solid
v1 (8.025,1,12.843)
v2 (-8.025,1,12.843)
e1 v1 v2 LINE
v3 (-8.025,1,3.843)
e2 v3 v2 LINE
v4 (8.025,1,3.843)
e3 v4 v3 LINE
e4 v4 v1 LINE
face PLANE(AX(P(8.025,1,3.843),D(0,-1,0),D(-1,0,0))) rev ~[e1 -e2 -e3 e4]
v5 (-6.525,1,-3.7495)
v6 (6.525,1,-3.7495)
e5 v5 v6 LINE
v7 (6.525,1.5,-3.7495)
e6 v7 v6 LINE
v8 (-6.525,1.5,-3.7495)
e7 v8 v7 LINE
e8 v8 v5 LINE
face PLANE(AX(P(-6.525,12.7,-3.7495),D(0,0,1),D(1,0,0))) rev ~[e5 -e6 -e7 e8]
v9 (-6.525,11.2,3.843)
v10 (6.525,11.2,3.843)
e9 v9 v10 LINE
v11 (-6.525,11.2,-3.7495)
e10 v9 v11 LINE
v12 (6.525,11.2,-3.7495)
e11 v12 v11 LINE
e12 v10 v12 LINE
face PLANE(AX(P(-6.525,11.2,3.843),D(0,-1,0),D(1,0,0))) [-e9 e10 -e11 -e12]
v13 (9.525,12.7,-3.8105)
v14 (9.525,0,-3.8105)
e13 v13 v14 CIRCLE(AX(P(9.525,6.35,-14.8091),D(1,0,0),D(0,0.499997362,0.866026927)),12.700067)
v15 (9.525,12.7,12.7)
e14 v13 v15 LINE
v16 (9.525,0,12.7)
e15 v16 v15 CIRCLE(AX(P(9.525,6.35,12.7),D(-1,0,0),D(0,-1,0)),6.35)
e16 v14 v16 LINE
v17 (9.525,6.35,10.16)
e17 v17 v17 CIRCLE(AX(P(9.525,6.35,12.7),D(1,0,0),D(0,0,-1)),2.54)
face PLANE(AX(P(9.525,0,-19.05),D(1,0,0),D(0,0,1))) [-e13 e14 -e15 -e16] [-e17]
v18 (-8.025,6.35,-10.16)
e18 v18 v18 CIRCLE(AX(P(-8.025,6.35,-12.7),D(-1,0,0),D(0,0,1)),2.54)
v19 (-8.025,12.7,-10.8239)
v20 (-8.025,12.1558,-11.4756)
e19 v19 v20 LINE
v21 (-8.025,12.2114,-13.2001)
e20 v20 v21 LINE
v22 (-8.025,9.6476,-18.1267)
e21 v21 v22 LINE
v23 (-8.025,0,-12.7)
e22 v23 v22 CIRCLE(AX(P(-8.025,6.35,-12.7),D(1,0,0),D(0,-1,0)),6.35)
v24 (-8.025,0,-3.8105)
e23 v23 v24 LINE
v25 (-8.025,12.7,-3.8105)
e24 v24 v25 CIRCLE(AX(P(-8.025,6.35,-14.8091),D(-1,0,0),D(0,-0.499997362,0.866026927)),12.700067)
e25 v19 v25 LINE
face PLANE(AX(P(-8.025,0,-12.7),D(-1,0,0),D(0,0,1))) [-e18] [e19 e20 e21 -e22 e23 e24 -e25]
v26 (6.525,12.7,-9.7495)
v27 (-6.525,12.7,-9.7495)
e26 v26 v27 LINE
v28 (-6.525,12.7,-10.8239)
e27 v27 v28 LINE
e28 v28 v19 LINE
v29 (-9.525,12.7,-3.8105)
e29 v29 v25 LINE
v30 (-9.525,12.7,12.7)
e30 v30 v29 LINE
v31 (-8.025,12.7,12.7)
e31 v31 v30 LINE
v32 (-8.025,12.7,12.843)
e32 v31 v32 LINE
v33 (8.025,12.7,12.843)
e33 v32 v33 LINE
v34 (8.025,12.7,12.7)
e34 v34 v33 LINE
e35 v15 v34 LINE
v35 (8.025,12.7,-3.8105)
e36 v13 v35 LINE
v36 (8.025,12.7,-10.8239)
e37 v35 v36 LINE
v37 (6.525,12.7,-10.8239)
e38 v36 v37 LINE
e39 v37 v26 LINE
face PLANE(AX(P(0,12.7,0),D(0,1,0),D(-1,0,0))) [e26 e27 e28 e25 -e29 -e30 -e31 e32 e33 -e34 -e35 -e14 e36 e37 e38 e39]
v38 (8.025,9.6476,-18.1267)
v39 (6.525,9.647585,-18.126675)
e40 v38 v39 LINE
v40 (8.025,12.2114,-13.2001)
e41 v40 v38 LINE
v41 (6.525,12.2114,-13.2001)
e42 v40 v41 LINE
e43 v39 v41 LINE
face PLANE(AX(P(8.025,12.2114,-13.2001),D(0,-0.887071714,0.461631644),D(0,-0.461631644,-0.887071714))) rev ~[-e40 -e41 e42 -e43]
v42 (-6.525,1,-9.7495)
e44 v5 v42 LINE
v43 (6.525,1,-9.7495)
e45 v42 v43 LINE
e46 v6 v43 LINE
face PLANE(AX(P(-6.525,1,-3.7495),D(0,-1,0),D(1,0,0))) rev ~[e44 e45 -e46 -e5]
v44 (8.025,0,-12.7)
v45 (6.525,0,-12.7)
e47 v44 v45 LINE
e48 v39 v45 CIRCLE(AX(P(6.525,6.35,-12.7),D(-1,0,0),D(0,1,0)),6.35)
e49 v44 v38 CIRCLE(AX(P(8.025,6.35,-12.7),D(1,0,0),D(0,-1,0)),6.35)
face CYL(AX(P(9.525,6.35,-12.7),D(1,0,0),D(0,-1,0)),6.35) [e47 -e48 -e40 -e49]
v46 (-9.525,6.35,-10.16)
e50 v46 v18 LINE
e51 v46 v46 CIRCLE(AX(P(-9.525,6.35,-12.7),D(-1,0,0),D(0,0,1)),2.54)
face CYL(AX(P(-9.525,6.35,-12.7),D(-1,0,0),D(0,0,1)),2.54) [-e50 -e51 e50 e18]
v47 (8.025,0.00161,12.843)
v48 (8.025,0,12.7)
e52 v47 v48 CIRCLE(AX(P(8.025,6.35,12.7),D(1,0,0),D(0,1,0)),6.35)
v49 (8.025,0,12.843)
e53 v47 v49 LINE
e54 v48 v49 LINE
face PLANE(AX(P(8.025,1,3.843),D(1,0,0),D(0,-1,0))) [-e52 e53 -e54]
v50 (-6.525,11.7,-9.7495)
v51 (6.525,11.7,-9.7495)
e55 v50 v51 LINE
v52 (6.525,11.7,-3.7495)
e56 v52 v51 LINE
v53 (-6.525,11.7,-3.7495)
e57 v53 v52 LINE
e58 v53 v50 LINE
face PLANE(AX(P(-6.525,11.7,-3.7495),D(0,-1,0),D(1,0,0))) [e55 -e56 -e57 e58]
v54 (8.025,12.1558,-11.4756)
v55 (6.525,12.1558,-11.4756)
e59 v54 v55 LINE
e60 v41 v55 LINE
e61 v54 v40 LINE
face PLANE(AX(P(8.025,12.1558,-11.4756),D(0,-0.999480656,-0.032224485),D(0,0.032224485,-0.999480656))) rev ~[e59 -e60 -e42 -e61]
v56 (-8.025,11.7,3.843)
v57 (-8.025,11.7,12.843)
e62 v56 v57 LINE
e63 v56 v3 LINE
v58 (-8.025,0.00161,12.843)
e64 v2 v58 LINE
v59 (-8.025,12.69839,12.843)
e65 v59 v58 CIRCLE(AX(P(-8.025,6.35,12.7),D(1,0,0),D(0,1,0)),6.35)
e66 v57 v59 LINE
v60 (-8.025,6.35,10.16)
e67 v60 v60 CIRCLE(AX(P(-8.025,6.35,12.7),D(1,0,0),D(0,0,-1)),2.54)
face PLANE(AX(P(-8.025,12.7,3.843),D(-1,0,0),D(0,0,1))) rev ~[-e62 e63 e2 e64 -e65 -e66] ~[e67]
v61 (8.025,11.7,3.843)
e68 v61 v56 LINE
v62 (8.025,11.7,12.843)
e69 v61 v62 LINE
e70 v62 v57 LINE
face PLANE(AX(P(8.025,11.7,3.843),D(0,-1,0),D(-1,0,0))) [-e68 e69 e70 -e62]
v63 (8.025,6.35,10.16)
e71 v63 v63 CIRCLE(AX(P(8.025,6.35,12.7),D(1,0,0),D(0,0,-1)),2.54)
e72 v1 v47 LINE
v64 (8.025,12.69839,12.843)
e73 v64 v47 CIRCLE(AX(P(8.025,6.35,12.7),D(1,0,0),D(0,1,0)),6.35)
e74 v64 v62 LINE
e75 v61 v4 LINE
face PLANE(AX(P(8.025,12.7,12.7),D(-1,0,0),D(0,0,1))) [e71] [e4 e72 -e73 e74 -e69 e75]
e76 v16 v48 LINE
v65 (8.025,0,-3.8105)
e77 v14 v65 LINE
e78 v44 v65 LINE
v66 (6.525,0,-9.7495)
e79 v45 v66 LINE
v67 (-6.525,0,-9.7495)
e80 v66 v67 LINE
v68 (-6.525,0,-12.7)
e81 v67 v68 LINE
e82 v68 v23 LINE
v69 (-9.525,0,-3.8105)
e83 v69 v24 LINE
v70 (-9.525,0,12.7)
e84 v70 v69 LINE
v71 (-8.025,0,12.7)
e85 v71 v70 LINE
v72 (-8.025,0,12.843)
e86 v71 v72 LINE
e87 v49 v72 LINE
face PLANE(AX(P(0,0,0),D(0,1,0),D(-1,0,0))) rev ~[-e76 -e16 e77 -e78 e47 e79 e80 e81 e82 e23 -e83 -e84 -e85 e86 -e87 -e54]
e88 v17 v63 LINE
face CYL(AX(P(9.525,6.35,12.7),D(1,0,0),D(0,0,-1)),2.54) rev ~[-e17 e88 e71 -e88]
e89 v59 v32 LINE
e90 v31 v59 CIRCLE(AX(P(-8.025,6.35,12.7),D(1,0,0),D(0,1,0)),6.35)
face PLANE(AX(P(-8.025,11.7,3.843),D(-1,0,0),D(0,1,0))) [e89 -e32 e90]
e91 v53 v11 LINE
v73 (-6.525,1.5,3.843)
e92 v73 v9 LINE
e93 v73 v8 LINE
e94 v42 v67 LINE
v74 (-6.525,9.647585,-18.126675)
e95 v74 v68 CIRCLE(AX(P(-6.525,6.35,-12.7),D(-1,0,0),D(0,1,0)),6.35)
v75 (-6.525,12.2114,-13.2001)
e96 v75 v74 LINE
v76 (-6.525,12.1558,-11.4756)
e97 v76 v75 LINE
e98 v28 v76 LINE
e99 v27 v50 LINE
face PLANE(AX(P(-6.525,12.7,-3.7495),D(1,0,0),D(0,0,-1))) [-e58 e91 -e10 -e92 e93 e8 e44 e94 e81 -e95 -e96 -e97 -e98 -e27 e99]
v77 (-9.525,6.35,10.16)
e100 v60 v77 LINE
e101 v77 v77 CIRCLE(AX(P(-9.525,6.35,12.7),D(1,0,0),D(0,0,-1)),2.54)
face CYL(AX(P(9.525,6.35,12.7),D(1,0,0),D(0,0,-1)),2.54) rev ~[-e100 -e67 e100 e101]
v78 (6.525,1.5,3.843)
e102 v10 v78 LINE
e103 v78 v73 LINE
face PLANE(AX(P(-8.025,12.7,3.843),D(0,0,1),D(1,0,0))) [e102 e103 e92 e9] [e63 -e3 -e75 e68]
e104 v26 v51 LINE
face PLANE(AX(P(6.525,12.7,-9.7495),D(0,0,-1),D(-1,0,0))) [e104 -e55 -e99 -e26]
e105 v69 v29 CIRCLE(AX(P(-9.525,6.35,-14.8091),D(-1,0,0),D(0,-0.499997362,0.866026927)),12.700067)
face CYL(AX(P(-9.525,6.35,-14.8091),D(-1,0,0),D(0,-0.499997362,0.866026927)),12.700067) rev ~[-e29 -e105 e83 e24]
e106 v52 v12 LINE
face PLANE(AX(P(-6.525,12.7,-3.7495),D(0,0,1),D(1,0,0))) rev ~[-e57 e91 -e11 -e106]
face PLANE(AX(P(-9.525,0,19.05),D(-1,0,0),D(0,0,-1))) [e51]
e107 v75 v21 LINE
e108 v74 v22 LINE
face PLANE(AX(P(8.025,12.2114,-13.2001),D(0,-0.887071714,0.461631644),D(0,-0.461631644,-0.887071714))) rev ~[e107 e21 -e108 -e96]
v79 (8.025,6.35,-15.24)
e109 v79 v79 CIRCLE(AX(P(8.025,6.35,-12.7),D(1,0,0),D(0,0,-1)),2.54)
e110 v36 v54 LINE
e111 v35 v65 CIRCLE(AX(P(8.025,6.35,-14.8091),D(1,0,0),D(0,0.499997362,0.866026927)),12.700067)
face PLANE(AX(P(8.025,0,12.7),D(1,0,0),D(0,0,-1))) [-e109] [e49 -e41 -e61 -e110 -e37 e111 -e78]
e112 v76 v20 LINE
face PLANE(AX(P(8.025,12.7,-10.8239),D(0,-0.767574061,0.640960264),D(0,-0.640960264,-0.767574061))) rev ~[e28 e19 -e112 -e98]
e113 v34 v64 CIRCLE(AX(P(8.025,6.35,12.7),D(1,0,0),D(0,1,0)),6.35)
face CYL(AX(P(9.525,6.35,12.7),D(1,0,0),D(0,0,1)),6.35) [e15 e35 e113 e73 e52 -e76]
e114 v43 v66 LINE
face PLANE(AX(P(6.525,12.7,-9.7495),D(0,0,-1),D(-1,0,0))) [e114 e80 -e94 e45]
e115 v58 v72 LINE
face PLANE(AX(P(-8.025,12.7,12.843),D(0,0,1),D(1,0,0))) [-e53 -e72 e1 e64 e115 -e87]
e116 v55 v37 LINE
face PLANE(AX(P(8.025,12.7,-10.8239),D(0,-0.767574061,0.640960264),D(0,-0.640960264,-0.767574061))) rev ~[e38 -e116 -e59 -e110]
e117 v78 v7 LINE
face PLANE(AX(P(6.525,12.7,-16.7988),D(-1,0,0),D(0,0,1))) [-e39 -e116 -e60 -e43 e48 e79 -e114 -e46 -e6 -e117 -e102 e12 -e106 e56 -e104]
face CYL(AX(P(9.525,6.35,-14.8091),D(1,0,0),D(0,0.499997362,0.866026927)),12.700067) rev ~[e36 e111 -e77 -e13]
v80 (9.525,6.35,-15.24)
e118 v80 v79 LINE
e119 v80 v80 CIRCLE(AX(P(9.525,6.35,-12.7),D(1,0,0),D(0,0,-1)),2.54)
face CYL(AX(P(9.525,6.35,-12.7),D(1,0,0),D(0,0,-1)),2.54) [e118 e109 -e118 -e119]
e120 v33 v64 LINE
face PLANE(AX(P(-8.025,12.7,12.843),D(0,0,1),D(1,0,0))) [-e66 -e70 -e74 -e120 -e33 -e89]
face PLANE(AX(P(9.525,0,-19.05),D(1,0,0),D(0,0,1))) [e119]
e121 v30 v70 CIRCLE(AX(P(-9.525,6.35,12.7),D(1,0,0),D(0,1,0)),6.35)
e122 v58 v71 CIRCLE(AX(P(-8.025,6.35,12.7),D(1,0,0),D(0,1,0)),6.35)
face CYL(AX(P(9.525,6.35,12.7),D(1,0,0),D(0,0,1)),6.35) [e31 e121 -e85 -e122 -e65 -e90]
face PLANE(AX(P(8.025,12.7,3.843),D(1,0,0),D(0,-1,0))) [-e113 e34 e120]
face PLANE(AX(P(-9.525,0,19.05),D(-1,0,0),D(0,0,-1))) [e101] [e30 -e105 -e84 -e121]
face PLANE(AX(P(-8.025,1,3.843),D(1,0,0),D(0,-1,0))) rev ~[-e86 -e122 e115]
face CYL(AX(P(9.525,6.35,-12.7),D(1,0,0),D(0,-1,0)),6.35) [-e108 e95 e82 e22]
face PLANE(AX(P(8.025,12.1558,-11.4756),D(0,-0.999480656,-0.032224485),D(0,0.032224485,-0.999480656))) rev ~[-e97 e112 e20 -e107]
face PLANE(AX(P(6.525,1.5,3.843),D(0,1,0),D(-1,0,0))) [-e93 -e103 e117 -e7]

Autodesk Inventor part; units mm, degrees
ref_plane "YZ Plane" through (0, 0, 0) normal (1, 0, 0) x (0, 1, 0)
ref_plane "XZ Plane" through (0, 0, 0) normal (0, 1, 0) x (-1, 0, 0)
ref_plane "XY Plane" through (0, 0, 0) normal (0, 0, 1) x (1, 0, 0)
sketch "Boceto1" plane through (0, 0, 0) normal (0, 1, 0) x (-1, 0, 0)
  line L0 (-9.525, 19.05) -> (9.525, 19.05)
  line L1 (9.525, 19.05) -> (9.525, -19.05)
  line L2 (9.525, -19.05) -> (-9.525, -19.05)
  line L3 (-9.525, -19.05) -> (-9.525, 19.05)
  line L4 (-9.525, 19.05) -> (9.525, -19.05) construction
  line L5 (9.525, 19.05) -> (-9.525, -19.05) construction
  point P0 (0, 0)
  dimension "d0" = 19.05
  dimension "d1" = 38.1
extrude "Extrusión1" add sketch "Boceto1" along normal blind 12.7
sketch "Boceto3" plane through (9.525, 0, 19.05) normal (1, 0, 0) x (0, 0, -1)
  line L0 (38.1, 0) -> (38.1, 12.7)
  line L1 (38.1, 6.35) -> (38.1, 6.35)
  line L2 (0, 6.35) -> (0, 6.35)
  arc A0 (6.35, 12.7) -> (0, 6.35) centre (6.35, 6.35) ccw
  arc A1 (0, 6.35) -> (6.35, 0) centre (6.35, 6.35) ccw
  arc A2 (38.1, 6.35) -> (31.75, 12.7) centre (31.75, 6.35) ccw
  arc A3 (31.75, 0) -> (38.1, 6.35) centre (31.75, 6.35) ccw
  line L3 (0, 0) -> (0, 12.7)
  line L4 (38.1, 0) -> (31.75, 0)
  line L5 (6.35, 0) -> (0, 0)
  line L6 (0, 12.7) -> (6.35, 12.7)
  line L7 (31.75, 12.7) -> (38.1, 12.7)
  point P0 (19.05, 0)
  point P1 (0, 6.35)
  dimension "d7" = 6.35
extrude "Extrusión3" cut sketch "Boceto3" against normal up to surface (19.05 mm away)
sketch "Boceto5" plane through (0, 12.7, 0) normal (0, 1, 0) x (1, 0, 0)
  line L0 (-9.525, 19.05) -> (-9.525, -19.05) projected
  line L1 (9.525, -12.7) -> (9.525, 12.7) projected
  line L2 (9.525, -19.05) -> (9.525, -12.7) projected
  line L3 (-8.025, -3.843) -> (-8.025, -19.05)
  line L4 (8.025, -3.843) -> (8.025, -12.7)
  line L5 (8.025, -12.7) -> (8.025, -19.05)
  line L6 (-8.025, -3.843) -> (8.025, -3.843)
  line L7 (-8.025, -19.05) -> (8.025, -19.05)
  line L8 (-9.525, -19.05) -> (9.525, -19.05) projected
  point P0 (0, 0)
  dimension "d11" = 1.5
  dimension "d12" = 1.5
extrude "Extrusión4" cut sketch "Boceto5" against normal up to surface (12.7 mm away)
sketch "Boceto6" plane through (9.525, 0, 12.7) normal (1, 0, 0) x (0, 0, -1)
  arc A0 (0, 12.7) -> (0, 0) centre (0, 6.35) ccw projected
  circle A1 centre (0, 6.35) radius 2.54
  point P0 (12.7, 0)
  dimension "d15" = 5.08
extrude "Extrusión5" cut sketch "Boceto6" against normal up to surface (19.05 mm away)
sketch "Boceto7" plane through (9.525, 0, 12.7) normal (1, 0, 0) x (0, 0, -1)
  line L0 (0, 12.7) -> (25.4, 12.7) projected
  arc A0 (16.5105, 12.7) -> (16.5105, 0) centre (27.5091, 6.35) ccw
  line L1 (16.5105, 12.7) -> (35.1863, 12.7)
  line L2 (35.1863, 12.7) -> (35.1863, 0)
  line L3 (35.1863, 0) -> (16.5105, 0)
  circle A1 centre (25.4, 6.35) radius 2.54
  point P0 (12.7, 0)
  dimension "d18" = 12.7
  dimension "d19" = 5.08
extrude "Extrusión6" cut sketch "Boceto7" against normal blind 1.5
sketch "Boceto8" plane through (-9.525, 0, -12.7) normal (-1, 0, 0) x (0, 0, 1)
  arc A0 (8.8895, 0) -> (8.8895, 12.7) centre (-2.1091, 6.35) ccw projected
  line L0 (-6.35, 12.7) -> (31.75, 12.7) projected
  line L1 (0, 0) -> (25.4, 0) projected
  circle A1 centre (0, 6.35) radius 2.54 projected
  line L2 (0, 0) -> (-7.3331, 0)
  line L3 (-7.3331, 0) -> (-7.3331, 12.7)
  line L4 (-7.3331, 12.7) -> (-6.35, 12.7)
  point P0 (12.7, 0)
extrude "Extrusión7" cut sketch "Boceto8" against normal blind 1.5
sketch "Boceto9" plane through (-8.025, 12.7, 3.843) normal (0, 0, 1) x (1, 0, 0)
  line L0 (16.05, -12.7) -> (0, -12.7) projected
  line L1 (16.05, 0) -> (16.05, -12.7) projected
  line L2 (0, 0) -> (16.05, 0) projected
  line L3 (0, 0) -> (0, -12.7) projected
  line L4 (14.55, -1.5) -> (14.55, -11.2)
  line L5 (14.55, -11.2) -> (1.5, -11.2)
  line L6 (1.5, -11.2) -> (1.5, -1.5)
  line L7 (1.5, -1.5) -> (14.55, -1.5)
  point P0 (8.025, -12.7)
  dimension "d24" = 1.5
extrude "Extrusión8" cut sketch "Boceto9" against normal blind 25 contours L4 L5 L6 L7
sketch "Boceto10" plane through (0, 12.7, 0) normal (0, 1, 0) x (1, 0, 0)
  line L0 (6.525, 16.7988) -> (-6.525, 16.7988) projected
  line L1 (6.525, 16.7988) -> (6.525, 3.7495)
  line L2 (6.525, -3.843) -> (6.525, 16.7988) projected
  line L3 (-6.525, -3.843) -> (-6.525, 16.7988) projected
  line L4 (-6.525, 3.7495) -> (-6.525, 16.7988)
  line L5 (-6.525, 16.7988) -> (6.525, 16.7988)
  line L6 (-6.525, 3.7495) -> (6.525, 3.7495)
  point P0 (0, 0)
extrude "Extrusión9" cut sketch "Boceto10" against normal up to surface (12.7 mm away)
sketch "Boceto12" plane through (-8.025, 12.7, 3.843) normal (0, 0, 1) x (1, 0, 0)
  line L0 (0, 0) -> (-1.5, 0) projected
  line L1 (16.05, 0) -> (16.05, -12.7) projected
  line L2 (0, 0) -> (16.05, 0)
  line L3 (16.05, 0) -> (16.05, -1)
  line L4 (16.05, -1) -> (0, -1)
  line L5 (0, -1) -> (0, 0)
  line L6 (16.05, -12.7) -> (0, -12.7) projected
  line L7 (0, -12.7) -> (16.05, -12.7)
  line L8 (16.05, -12.7) -> (16.05, -11.7)
  line L9 (16.05, -11.7) -> (0, -11.7)
  line L10 (0, -11.7) -> (0, -12.7)
  point P0 (8.025, -12.7)
  dimension "d29" = 1
  dimension "d30" = 1
extrude "Extrusión10" add sketch "Boceto12" along normal blind 9
sketch "Boceto13" plane through (8.025, 0, 12.7) normal (1, 0, 0) x (0, 0, -1)
  line L0 (16.5105, 12.7) -> (25.4, 12.7) projected
  line L1 (23.5239, 12.7) -> (24.1756, 12.1558)
  line L2 (24.1756, 12.1558) -> (25.9001, 12.2114)
  line L3 (25.9001, 12.2114) -> (30.8267, 9.6476)
  arc A0 (25.4, 0) -> (25.4, 12.7) centre (25.4, 6.35) ccw projected
  line L4 (23.5239, 12.7) -> (30.4855, 12.7)
  line L5 (30.4855, 12.7) -> (30.8267, 9.6476)
  point P0 (12.7, 0)
extrude "Extrusión11" cut sketch "Boceto13" against normal up to surface (16.05 mm away)
sketch "Boceto14" plane through (6.525, 12.7, -3.7495) normal (0, 0, -1) x (-1, 0, 0)
  line L0 (0, 0) -> (0, -1.5) projected
  line L1 (13.05, 0) -> (13.05, -1.5) projected
  line L2 (0, 0) -> (13.05, 0)
  line L3 (13.05, 0) -> (13.05, -1)
  line L4 (13.05, -1) -> (0, -1)
  line L5 (0, -1) -> (0, 0)
  line L6 (0, -11.2) -> (0, -12.7) projected
  line L7 (13.05, -11.2) -> (13.05, -12.7) projected
  line L8 (0, -12.7) -> (13.05, -12.7)
  line L9 (13.05, -12.7) -> (13.05, -11.7)
  line L10 (13.05, -11.7) -> (0, -11.7)
  line L11 (0, -11.7) -> (0, -12.7)
  point P0 (6.525, -12.7)
  point P1 (0, -1)
  dimension "d35" = 1
  dimension "d36" = 1
extrude "Extrusión12" add sketch "Boceto14" along normal blind 6
properties part number "cadena_link" material "Plástico PC/ABS"
